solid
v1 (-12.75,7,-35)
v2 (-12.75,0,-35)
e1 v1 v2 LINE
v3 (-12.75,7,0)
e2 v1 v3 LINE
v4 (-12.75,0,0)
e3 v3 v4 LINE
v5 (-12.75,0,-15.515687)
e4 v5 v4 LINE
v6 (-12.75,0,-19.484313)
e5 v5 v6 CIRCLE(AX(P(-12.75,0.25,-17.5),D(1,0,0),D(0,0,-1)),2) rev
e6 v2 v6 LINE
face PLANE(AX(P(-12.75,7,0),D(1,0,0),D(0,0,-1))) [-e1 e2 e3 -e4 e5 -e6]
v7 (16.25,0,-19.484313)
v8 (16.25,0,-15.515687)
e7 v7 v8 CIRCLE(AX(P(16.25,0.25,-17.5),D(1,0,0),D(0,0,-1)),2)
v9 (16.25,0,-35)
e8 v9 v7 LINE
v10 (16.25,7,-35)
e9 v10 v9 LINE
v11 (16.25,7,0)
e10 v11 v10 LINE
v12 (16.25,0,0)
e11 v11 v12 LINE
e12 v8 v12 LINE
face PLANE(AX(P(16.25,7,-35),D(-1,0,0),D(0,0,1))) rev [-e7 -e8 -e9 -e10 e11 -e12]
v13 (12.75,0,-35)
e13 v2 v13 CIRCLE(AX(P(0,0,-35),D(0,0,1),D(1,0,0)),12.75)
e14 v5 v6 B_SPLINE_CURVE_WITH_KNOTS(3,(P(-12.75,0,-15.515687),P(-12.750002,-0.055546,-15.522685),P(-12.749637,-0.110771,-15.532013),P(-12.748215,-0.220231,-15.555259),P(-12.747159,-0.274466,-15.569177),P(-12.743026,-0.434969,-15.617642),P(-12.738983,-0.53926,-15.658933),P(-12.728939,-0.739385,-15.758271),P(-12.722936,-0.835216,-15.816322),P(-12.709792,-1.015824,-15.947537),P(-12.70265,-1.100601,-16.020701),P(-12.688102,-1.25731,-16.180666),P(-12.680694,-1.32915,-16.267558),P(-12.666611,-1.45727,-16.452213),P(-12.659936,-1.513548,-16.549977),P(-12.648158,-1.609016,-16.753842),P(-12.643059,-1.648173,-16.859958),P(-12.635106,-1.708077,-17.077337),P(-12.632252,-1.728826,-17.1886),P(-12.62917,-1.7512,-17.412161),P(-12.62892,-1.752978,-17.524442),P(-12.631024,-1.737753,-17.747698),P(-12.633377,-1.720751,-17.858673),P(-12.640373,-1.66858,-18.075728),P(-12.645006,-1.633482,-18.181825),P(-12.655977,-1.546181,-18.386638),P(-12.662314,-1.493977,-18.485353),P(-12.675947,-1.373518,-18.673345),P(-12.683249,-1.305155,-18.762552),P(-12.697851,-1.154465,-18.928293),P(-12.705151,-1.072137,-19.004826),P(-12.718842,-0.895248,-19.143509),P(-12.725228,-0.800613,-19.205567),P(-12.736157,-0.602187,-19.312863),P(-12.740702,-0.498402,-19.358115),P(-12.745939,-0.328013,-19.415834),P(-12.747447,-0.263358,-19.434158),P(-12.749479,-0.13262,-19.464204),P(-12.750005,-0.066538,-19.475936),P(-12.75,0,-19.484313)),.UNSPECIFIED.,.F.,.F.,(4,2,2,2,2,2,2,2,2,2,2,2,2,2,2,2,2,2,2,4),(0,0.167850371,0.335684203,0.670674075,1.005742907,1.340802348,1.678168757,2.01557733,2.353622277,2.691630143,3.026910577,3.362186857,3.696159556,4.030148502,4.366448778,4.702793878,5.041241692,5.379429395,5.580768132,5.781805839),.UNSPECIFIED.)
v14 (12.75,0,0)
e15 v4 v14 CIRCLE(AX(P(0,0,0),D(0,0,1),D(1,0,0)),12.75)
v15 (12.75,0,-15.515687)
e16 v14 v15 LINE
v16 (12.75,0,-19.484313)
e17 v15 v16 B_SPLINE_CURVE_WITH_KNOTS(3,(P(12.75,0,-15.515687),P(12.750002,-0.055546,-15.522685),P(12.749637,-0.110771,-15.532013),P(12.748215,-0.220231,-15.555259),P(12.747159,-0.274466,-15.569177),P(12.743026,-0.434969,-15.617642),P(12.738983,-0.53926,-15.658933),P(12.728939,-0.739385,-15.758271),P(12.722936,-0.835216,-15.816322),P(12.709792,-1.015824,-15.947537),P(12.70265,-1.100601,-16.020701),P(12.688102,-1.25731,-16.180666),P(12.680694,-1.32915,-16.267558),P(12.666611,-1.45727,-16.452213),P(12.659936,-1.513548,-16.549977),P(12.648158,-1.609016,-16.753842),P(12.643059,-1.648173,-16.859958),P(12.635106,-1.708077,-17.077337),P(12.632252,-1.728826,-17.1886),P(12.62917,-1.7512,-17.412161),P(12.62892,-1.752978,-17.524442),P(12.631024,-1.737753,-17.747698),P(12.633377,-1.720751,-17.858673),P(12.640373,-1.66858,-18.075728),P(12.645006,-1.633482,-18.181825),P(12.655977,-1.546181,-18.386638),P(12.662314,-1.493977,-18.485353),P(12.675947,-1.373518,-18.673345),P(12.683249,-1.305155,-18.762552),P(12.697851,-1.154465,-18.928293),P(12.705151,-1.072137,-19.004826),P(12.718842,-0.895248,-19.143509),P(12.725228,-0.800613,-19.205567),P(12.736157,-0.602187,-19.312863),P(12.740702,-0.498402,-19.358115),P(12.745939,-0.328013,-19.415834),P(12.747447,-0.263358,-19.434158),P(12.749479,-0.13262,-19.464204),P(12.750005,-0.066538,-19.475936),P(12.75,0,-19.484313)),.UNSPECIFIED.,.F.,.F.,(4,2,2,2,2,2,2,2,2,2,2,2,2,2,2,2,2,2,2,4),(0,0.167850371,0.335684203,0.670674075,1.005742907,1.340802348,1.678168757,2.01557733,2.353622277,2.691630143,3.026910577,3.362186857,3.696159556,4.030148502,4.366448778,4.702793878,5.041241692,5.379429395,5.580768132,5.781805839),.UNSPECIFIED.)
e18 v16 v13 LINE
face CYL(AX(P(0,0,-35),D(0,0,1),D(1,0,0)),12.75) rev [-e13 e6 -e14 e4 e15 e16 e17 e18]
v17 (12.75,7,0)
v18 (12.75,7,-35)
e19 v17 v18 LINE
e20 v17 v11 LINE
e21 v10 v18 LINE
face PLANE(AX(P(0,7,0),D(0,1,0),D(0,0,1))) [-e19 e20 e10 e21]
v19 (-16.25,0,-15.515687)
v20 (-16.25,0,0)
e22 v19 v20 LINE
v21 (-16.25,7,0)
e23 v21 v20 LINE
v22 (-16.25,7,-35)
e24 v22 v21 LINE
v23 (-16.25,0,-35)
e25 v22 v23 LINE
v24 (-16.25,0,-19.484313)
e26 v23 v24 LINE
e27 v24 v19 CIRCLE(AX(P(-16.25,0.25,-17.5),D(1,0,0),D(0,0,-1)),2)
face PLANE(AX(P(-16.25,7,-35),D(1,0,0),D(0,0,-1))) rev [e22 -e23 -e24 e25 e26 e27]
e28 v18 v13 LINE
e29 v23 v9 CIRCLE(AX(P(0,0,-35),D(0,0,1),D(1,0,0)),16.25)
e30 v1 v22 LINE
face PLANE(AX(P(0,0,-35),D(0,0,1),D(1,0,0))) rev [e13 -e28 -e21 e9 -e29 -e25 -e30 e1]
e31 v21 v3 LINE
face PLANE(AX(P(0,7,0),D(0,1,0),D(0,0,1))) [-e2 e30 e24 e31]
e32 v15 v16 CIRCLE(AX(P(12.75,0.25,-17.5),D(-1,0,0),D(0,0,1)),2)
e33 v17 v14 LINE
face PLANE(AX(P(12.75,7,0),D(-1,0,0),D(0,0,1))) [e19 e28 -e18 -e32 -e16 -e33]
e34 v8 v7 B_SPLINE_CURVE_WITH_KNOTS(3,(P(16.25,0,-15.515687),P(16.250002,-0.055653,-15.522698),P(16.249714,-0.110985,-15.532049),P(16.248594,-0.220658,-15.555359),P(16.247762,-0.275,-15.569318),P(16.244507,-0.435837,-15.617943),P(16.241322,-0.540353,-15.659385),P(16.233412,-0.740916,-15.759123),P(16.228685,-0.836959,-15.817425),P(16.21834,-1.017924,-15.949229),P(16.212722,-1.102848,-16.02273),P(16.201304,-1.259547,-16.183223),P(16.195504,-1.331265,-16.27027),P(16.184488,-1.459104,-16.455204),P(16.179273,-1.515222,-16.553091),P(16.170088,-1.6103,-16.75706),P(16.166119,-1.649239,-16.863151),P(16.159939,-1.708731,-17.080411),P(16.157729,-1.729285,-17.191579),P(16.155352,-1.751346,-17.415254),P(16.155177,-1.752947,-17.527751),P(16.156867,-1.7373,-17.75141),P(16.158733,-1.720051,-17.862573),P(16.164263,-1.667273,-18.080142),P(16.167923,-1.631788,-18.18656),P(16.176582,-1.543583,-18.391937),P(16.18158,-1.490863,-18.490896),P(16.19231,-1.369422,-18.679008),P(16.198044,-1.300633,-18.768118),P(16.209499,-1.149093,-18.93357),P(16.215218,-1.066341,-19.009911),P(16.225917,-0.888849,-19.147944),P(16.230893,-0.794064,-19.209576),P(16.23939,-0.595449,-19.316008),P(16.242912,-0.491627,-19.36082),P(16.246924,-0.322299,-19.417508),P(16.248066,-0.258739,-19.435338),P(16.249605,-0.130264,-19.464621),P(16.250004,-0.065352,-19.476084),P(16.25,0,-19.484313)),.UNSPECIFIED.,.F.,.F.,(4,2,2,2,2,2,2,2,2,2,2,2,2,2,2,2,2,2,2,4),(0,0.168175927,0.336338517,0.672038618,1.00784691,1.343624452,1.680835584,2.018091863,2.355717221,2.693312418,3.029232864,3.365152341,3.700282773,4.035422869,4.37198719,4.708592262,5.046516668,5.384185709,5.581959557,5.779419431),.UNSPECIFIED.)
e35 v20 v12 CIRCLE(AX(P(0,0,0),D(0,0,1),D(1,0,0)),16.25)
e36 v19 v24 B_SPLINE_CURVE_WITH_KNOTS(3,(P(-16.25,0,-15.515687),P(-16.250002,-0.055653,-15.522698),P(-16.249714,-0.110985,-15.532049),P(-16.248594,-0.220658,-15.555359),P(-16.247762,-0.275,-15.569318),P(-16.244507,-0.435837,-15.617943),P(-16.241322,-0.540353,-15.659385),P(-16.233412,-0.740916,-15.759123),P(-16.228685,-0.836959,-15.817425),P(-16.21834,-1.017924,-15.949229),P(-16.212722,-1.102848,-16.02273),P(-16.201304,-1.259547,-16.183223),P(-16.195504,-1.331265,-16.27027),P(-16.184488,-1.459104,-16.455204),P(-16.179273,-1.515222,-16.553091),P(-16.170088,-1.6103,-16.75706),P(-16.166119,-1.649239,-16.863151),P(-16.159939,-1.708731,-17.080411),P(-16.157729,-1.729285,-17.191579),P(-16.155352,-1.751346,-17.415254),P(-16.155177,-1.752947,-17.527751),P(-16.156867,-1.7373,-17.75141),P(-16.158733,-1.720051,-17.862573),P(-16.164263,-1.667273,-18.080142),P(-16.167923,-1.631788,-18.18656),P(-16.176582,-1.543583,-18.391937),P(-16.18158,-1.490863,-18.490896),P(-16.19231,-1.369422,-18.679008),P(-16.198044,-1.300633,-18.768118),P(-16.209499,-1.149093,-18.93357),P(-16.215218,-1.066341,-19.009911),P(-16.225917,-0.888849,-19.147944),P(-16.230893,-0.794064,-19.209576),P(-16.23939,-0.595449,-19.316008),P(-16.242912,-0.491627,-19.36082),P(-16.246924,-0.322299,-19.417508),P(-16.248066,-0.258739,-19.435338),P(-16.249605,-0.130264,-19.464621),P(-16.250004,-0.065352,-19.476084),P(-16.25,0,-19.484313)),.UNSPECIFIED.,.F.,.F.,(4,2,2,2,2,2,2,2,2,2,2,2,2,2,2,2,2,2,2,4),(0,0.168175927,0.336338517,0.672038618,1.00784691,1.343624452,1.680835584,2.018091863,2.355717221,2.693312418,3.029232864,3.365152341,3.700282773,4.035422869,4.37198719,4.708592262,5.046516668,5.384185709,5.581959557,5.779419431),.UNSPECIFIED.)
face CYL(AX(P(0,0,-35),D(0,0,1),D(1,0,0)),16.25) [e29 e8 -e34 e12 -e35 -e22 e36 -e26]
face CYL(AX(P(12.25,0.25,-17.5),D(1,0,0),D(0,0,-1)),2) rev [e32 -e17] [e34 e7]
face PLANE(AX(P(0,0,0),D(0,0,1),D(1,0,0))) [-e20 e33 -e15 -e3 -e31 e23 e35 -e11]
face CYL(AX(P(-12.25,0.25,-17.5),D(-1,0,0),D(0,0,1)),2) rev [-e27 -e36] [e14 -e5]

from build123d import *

# Parameters (mm, degrees)
SKETCH1_R           = 16.25
BOSS_EXTRUDE1_DEPTH = 35
SKETCH2_R           = 12.75
CUT_EXTRUDE1_DEPTH  = 35
SKETCH7_W           = 32.720020464
SKETCH7_H           = 16.591035764
CUT_EXTRUDE2_DEPTH  = 17.5
SKETCH9_W           = 32.5
SKETCH9_H           = 35
BOSS_EXTRUDE2_DEPTH = 7
SKETCH10_W          = 25.5
SKETCH10_H          = 35
CUT_EXTRUDE3_DEPTH  = 7
SKETCH15_R          = 2
CUT_EXTRUDE5_DEPTH  = 4
CUT_EXTRUDE6_START  = -4
SKETCH14_R          = 2
CUT_EXTRUDE6_DEPTH  = 4


with BuildPart() as part:
    # Sketch1 → Boss-Extrude1 (new body)
    with BuildSketch(Plane.XY):
        Circle(SKETCH1_R)
    extrude(amount=-BOSS_EXTRUDE1_DEPTH)

    # Sketch2 → Cut-Extrude1 (cut)
    with BuildSketch(Plane.XY):
        Circle(SKETCH2_R)
    extrude(amount=-CUT_EXTRUDE1_DEPTH, mode=Mode.SUBTRACT)

    # Sketch7 → Cut-Extrude2 (cut, symmetric)
    with BuildSketch(Plane.XY.offset(-17.5)):
        with Locations((-0.110010232, 8.295517882)):
            Rectangle(SKETCH7_W, SKETCH7_H)
    extrude(amount=CUT_EXTRUDE2_DEPTH, both=True, mode=Mode.SUBTRACT)

    # Sketch9 → Boss-Extrude2 (add)
    with BuildSketch(Plane(origin=(0, 0, 0), x_dir=(1, 0, 0), z_dir=(0, 1, 0))):
        with Locations((0, 17.5)):
            Rectangle(SKETCH9_W, SKETCH9_H)
    extrude(amount=BOSS_EXTRUDE2_DEPTH)

    # Sketch10 → Cut-Extrude3 (cut)
    with BuildSketch(Plane(origin=(0, 0, 0), x_dir=(1, 0, 0), z_dir=(0, 1, 0))):
        with Locations((0, 17.5)):
            Rectangle(SKETCH10_W, SKETCH10_H)
    extrude(amount=CUT_EXTRUDE3_DEPTH, mode=Mode.SUBTRACT)

    # Sketch15 → Cut-Extrude5 (cut)
    with BuildSketch(Plane(origin=(-16.25, 0, 0), x_dir=(0, 0, -1), z_dir=(1, 0, 0))):
        with Locations(Location((17.5, 0.25, 0), (0, 0, 187.180755781))):
            Circle(SKETCH15_R)
    extrude(amount=CUT_EXTRUDE5_DEPTH, mode=Mode.SUBTRACT)

    # Sketch14 → Cut-Extrude6 (cut)
    with BuildSketch(Plane(origin=(16.25, 0, 0), x_dir=(0, 0, -1), z_dir=(1, 0, 0)).offset(CUT_EXTRUDE6_START)):
        with Locations(Location((17.5, 0.25, 0), (0, 0, 187.180755781))):
            Circle(SKETCH14_R)
    extrude(amount=CUT_EXTRUDE6_DEPTH, mode=Mode.SUBTRACT)


solid = part.part
